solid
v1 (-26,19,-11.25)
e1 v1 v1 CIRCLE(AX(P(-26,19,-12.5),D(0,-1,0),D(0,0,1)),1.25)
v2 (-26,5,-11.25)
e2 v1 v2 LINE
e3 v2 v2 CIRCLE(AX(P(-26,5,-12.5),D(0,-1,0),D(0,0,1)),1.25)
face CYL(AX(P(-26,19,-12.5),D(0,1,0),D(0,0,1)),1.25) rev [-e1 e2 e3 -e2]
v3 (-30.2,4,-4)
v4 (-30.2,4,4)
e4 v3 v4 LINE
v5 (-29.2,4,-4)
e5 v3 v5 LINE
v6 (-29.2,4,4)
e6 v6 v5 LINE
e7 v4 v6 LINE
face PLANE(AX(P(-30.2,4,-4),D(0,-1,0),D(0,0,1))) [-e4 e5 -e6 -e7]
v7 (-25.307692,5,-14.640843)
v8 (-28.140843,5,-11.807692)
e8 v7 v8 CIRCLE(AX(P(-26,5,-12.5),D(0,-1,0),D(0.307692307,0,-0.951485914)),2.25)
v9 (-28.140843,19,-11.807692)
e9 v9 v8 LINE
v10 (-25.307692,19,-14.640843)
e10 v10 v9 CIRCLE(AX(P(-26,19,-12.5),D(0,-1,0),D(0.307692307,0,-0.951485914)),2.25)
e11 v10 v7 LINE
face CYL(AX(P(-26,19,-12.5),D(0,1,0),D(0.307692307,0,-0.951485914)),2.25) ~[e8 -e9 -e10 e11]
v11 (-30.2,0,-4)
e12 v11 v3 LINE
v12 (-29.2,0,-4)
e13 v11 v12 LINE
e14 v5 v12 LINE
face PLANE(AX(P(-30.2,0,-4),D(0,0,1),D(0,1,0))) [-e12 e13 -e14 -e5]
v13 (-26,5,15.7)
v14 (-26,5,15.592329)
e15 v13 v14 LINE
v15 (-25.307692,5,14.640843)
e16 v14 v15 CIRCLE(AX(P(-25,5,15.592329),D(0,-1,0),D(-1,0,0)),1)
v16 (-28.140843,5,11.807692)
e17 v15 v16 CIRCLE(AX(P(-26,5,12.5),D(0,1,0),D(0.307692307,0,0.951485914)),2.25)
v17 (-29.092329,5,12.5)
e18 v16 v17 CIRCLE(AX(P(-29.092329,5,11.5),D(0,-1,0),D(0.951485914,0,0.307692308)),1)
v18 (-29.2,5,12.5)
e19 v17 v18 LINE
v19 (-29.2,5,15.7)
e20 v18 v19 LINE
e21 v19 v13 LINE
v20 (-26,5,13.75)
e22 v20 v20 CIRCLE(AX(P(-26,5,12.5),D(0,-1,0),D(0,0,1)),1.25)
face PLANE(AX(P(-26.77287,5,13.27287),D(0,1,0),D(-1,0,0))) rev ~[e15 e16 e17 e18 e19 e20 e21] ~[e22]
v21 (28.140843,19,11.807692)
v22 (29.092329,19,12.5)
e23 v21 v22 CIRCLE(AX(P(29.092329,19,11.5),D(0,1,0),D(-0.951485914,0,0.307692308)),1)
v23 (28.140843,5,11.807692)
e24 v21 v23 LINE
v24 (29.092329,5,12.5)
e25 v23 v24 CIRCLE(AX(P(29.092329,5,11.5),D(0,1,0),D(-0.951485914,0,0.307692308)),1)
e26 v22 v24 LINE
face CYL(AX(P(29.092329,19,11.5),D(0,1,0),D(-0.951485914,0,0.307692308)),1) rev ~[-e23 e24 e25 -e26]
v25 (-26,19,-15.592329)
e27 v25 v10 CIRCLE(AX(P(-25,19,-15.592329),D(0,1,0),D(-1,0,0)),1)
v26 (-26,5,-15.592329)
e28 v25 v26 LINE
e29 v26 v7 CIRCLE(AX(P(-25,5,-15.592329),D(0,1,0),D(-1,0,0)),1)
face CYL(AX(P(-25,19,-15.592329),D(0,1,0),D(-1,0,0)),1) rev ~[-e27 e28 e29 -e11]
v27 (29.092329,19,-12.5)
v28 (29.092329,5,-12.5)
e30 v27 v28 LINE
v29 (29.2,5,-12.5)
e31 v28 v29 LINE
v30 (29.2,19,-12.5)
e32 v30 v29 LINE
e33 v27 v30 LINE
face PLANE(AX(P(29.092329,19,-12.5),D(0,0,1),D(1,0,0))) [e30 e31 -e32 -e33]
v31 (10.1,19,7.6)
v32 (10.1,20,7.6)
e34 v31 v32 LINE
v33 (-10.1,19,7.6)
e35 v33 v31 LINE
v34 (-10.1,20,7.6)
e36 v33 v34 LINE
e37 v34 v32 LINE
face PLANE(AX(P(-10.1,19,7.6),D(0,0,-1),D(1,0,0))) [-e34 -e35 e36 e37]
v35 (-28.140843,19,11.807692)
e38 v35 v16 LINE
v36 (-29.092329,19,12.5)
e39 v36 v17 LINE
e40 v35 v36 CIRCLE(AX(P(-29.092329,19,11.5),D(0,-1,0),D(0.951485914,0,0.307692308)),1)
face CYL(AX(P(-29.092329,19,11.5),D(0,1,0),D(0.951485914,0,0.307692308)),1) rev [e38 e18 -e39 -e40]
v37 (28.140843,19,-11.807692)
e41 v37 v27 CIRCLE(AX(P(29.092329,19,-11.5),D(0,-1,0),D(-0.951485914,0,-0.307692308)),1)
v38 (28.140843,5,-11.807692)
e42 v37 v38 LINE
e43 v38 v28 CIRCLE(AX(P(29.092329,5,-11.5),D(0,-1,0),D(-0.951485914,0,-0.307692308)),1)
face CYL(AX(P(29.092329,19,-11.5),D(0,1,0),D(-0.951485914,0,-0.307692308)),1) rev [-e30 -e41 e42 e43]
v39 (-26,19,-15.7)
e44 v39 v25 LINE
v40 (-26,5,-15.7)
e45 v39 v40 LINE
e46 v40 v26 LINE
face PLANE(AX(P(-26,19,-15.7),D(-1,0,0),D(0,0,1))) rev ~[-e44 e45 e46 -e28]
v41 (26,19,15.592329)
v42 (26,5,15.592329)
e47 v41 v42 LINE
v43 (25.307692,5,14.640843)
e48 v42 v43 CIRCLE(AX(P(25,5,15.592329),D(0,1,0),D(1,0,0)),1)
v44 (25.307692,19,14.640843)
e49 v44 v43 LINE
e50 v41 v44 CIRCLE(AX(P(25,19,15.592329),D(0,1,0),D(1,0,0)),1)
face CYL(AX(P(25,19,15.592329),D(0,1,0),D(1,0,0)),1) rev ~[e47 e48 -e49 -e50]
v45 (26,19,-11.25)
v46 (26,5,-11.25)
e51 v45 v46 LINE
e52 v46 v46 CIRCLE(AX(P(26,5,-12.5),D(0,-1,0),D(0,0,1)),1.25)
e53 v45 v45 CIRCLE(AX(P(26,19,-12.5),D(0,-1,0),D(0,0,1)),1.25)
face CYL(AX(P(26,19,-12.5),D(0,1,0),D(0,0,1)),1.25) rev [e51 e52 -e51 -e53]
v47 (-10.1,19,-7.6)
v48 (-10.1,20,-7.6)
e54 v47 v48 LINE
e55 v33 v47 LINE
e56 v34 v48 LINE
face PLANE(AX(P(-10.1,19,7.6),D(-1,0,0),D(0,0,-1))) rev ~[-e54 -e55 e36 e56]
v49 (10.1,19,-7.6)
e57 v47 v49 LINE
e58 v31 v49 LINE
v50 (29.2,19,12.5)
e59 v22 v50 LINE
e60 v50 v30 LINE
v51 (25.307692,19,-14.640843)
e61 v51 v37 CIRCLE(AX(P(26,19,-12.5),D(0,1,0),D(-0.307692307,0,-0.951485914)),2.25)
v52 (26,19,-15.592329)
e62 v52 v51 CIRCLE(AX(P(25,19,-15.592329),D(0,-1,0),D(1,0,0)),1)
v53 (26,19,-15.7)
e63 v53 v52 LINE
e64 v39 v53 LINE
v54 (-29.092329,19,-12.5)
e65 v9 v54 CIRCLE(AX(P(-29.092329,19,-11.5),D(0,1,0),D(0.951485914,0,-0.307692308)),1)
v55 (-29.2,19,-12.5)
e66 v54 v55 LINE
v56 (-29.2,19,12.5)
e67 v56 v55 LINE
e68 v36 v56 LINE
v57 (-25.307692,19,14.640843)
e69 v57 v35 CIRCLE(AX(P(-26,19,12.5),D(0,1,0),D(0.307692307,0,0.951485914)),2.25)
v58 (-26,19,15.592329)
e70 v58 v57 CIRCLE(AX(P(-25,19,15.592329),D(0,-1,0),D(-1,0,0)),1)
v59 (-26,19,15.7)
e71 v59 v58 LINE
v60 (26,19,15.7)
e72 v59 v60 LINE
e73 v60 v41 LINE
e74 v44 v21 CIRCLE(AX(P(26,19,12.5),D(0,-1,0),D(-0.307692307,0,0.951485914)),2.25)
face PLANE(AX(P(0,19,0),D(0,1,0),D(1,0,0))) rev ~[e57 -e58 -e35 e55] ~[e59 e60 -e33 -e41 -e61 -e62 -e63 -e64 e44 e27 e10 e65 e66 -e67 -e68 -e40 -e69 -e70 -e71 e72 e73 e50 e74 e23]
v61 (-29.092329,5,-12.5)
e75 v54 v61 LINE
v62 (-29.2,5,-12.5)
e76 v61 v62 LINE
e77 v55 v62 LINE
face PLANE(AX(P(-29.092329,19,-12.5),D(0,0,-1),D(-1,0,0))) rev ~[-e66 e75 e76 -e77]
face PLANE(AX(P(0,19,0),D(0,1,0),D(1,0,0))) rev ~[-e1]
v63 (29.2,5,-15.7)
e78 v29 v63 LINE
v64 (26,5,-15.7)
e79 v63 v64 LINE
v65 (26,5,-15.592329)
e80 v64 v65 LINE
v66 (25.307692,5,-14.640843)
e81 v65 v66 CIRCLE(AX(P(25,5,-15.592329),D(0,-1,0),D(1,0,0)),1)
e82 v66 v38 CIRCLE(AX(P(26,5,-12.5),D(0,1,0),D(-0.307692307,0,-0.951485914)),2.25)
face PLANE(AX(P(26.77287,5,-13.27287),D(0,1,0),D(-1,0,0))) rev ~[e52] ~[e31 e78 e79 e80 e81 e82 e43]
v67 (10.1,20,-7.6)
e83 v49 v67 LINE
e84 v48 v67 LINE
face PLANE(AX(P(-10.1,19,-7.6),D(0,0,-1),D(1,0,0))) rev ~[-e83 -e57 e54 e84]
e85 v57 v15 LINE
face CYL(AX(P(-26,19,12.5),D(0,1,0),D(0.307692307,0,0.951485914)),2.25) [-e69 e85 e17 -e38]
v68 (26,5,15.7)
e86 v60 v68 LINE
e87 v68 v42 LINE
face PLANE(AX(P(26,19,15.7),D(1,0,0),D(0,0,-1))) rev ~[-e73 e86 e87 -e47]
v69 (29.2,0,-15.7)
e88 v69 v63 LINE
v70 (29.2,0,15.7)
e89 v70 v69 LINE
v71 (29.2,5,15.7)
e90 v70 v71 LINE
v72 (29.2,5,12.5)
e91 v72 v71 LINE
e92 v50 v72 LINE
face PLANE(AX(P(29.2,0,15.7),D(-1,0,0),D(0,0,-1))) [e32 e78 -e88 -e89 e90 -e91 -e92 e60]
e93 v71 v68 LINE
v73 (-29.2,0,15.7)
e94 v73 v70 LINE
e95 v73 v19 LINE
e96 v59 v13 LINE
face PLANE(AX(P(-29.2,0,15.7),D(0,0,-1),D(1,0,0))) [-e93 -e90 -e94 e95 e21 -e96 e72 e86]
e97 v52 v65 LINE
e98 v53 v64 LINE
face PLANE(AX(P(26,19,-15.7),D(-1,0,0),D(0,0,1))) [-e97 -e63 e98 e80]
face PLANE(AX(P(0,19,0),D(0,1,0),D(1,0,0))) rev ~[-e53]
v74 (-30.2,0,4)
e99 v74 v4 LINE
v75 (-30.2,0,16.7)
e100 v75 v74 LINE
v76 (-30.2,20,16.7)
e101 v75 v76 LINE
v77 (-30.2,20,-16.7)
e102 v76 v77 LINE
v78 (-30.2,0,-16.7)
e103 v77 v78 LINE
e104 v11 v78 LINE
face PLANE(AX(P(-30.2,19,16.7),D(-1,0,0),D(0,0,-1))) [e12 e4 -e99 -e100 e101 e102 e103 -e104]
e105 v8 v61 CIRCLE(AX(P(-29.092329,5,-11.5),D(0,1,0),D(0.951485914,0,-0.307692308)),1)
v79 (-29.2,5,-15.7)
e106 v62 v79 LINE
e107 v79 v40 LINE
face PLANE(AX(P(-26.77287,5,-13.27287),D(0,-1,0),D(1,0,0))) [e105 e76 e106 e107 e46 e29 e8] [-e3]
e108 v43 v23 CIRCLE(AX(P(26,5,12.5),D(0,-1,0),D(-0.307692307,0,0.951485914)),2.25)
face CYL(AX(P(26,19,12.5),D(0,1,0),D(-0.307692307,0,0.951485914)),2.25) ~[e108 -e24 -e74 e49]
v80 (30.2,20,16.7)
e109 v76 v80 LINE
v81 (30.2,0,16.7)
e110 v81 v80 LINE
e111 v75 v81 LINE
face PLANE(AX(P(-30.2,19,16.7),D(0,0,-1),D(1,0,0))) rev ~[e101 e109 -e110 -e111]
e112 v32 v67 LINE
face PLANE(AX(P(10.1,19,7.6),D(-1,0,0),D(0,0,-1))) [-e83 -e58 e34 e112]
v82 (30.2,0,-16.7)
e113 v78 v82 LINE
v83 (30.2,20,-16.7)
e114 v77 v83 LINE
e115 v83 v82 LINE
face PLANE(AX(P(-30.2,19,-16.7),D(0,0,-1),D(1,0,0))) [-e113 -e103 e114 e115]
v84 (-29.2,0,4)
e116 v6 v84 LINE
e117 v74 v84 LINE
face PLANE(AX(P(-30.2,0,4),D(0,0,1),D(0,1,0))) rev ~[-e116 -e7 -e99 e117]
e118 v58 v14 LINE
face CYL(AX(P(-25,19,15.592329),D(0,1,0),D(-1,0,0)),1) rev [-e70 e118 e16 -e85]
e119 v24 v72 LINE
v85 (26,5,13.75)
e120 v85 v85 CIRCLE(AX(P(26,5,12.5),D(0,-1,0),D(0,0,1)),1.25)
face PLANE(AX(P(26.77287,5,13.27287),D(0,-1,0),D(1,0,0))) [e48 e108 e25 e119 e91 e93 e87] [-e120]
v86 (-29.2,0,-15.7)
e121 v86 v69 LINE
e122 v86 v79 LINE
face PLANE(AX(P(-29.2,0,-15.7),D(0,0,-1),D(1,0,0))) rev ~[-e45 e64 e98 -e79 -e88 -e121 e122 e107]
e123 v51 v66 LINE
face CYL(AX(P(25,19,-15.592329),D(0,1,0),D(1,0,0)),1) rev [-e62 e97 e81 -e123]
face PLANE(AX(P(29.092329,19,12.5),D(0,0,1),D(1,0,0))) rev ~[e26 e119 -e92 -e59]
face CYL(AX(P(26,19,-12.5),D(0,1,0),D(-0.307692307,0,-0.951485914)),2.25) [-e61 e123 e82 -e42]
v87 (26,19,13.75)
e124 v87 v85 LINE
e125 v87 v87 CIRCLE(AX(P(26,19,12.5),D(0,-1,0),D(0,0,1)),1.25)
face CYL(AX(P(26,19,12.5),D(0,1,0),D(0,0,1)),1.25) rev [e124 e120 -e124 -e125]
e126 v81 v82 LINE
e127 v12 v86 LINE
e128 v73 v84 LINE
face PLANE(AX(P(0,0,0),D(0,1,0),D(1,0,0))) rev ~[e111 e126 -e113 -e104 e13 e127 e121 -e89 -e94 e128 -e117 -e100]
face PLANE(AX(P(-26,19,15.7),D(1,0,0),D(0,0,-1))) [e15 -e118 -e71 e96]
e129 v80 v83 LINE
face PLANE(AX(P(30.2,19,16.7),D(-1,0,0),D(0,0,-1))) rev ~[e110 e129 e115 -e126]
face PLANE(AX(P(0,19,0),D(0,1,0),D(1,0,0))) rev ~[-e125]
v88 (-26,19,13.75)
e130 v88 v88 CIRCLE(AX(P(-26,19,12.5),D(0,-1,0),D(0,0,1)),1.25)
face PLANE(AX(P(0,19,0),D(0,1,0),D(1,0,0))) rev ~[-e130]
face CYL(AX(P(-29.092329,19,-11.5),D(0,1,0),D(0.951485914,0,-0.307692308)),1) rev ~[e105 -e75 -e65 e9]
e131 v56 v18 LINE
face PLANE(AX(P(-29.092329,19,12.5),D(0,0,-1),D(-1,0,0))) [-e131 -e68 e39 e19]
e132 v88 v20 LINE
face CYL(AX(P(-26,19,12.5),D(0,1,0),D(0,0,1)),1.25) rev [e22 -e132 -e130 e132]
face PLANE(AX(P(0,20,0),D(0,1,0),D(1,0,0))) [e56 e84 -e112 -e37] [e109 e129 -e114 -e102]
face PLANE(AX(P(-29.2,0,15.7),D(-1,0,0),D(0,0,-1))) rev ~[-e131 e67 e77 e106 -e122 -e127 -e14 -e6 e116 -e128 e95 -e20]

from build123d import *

# Parameters (mm, degrees)
SKETCH1_W           = 60.4
SKETCH1_H           = 33.4
SKETCH1_W_2         = 58.4
SKETCH1_H_2         = 31.4
BOSS_EXTRUDE1_DEPTH = 19
SKETCH2_W           = 60.4
SKETCH2_H           = 33.4
SKETCH2_W_2         = 20.2
SKETCH2_H_2         = 15.2
BOSS_EXTRUDE2_DEPTH = 1
SKETCH3_R           = 1.25
BOSS_EXTRUDE3_DEPTH = 14
CUT_EXTRUDE1_REACH  = 67.78
SKETCH4_W           = 8
SKETCH4_H           = 4


with BuildPart() as part:
    # Sketch1 → Boss-Extrude1 (new body)
    with BuildSketch(Plane(origin=(0, 0, 0), x_dir=(1, 0, 0), z_dir=(0, 1, 0))):
        Rectangle(SKETCH1_W, SKETCH1_H)
        Rectangle(SKETCH1_W_2, SKETCH1_H_2, mode=Mode.SUBTRACT)
    extrude(amount=BOSS_EXTRUDE1_DEPTH)

    # Sketch2 → Boss-Extrude2 (add)
    with BuildSketch(Plane(origin=(0, 19, 0), x_dir=(1, 0, 0), z_dir=(0, 1, 0))):
        Rectangle(SKETCH2_W, SKETCH2_H)
        Rectangle(SKETCH2_W_2, SKETCH2_H_2, mode=Mode.SUBTRACT)
    extrude(amount=BOSS_EXTRUDE2_DEPTH)

    # Sketch3 → Boss-Extrude3 (add)
    # profile 1 of 4: a face of its own
    with BuildSketch(Plane.XZ.offset(-19)):
        with BuildLine():
            Line((-29.2, 15.7), (-26, 15.7))
            Line((-26, 15.7), (-26, 15.592329219))
            ThreePointArc((-26, 15.592329219), (-25.80860754, 15.003980814), (-25.307692308, 14.640843306))
            ThreePointArc((-25.307692308, 14.640843306), (-24.409009742, 10.909009742), (-28.140843306, 11.807692308))
            ThreePointArc((-28.140843306, 11.807692308), (-28.503980814, 12.30860754), (-29.092329219, 12.5))
            Line((-29.092329219, 12.5), (-29.2, 12.5))
            Line((-29.2, 12.5), (-29.2, 15.7))
        make_face()
        with Locations(Location((-26, 12.5, 0), (0, 0, 90))):
            Circle(SKETCH3_R, mode=Mode.SUBTRACT)
    # profile 2 of 4: a face of its own
    with BuildSketch(Plane.XZ.offset(-19)):
        with BuildLine():
            Line((29.2, 12.5), (29.2, 15.7))
            Line((29.2, 15.7), (26, 15.7))
            Line((26, 15.7), (26, 15.592329219))
            ThreePointArc((26, 15.592329219), (25.80860754, 15.003980814), (25.307692308, 14.640843306))
            ThreePointArc((25.307692308, 14.640843306), (24.409009742, 10.909009742), (28.140843306, 11.807692308))
            ThreePointArc((28.140843306, 11.807692308), (28.503980814, 12.30860754), (29.092329219, 12.5))
            Line((29.092329219, 12.5), (29.2, 12.5))
        make_face()
        with Locations(Location((26, 12.5, 0), (0, 0, 90))):
            Circle(SKETCH3_R, mode=Mode.SUBTRACT)
    # profile 3 of 4: a face of its own
    with BuildSketch(Plane.XZ.offset(-19)):
        with BuildLine():
            Line((29.2, -15.7), (26, -15.7))
            Line((26, -15.7), (26, -15.592329219))
            ThreePointArc((26, -15.592329219), (25.80860754, -15.003980814), (25.307692308, -14.640843306))
            ThreePointArc((25.307692308, -14.640843306), (24.409009742, -10.909009742), (28.140843306, -11.807692308))
            ThreePointArc((28.140843306, -11.807692308), (28.503980814, -12.30860754), (29.092329219, -12.5))
            Line((29.092329219, -12.5), (29.2, -12.5))
            Line((29.2, -12.5), (29.2, -15.7))
        make_face()
        with Locations(Location((26, -12.5, 0), (0, 0, 90))):
            Circle(SKETCH3_R, mode=Mode.SUBTRACT)
    # profile 4 of 4: a face of its own
    with BuildSketch(Plane.XZ.offset(-19)):
        with BuildLine():
            Line((-29.2, -12.5), (-29.2, -15.7))
            Line((-29.2, -15.7), (-26, -15.7))
            Line((-26, -15.7), (-26, -15.592329219))
            ThreePointArc((-26, -15.592329219), (-25.80860754, -15.003980814), (-25.307692308, -14.640843306))
            ThreePointArc((-25.307692308, -14.640843306), (-24.409009742, -10.909009742), (-28.140843306, -11.807692308))
            ThreePointArc((-28.140843306, -11.807692308), (-28.503980814, -12.30860754), (-29.092329219, -12.5))
            Line((-29.092329219, -12.5), (-29.2, -12.5))
        make_face()
        with Locations(Location((-26, -12.5, 0), (0, 0, 90))):
            Circle(SKETCH3_R, mode=Mode.SUBTRACT)
    extrude(amount=BOSS_EXTRUDE3_DEPTH)

    # Sketch4 → Cut-Extrude1 (cut, up to next)
    with BuildSketch(Plane.ZY.offset(30.2), mode=Mode.PRIVATE) as cut_extrude1_sk1:
        with Locations((0, 2)):
            Rectangle(SKETCH4_W, SKETCH4_H)
    cut_extrude1_tool1 = extrude(cut_extrude1_sk1.sketch, amount=-CUT_EXTRUDE1_REACH, mode=Mode.PRIVATE) & part.part
    add(cut_extrude1_tool1.solids().sort_by_distance((-30.2, 2, 0))[0], mode=Mode.SUBTRACT)


solid = part.part
